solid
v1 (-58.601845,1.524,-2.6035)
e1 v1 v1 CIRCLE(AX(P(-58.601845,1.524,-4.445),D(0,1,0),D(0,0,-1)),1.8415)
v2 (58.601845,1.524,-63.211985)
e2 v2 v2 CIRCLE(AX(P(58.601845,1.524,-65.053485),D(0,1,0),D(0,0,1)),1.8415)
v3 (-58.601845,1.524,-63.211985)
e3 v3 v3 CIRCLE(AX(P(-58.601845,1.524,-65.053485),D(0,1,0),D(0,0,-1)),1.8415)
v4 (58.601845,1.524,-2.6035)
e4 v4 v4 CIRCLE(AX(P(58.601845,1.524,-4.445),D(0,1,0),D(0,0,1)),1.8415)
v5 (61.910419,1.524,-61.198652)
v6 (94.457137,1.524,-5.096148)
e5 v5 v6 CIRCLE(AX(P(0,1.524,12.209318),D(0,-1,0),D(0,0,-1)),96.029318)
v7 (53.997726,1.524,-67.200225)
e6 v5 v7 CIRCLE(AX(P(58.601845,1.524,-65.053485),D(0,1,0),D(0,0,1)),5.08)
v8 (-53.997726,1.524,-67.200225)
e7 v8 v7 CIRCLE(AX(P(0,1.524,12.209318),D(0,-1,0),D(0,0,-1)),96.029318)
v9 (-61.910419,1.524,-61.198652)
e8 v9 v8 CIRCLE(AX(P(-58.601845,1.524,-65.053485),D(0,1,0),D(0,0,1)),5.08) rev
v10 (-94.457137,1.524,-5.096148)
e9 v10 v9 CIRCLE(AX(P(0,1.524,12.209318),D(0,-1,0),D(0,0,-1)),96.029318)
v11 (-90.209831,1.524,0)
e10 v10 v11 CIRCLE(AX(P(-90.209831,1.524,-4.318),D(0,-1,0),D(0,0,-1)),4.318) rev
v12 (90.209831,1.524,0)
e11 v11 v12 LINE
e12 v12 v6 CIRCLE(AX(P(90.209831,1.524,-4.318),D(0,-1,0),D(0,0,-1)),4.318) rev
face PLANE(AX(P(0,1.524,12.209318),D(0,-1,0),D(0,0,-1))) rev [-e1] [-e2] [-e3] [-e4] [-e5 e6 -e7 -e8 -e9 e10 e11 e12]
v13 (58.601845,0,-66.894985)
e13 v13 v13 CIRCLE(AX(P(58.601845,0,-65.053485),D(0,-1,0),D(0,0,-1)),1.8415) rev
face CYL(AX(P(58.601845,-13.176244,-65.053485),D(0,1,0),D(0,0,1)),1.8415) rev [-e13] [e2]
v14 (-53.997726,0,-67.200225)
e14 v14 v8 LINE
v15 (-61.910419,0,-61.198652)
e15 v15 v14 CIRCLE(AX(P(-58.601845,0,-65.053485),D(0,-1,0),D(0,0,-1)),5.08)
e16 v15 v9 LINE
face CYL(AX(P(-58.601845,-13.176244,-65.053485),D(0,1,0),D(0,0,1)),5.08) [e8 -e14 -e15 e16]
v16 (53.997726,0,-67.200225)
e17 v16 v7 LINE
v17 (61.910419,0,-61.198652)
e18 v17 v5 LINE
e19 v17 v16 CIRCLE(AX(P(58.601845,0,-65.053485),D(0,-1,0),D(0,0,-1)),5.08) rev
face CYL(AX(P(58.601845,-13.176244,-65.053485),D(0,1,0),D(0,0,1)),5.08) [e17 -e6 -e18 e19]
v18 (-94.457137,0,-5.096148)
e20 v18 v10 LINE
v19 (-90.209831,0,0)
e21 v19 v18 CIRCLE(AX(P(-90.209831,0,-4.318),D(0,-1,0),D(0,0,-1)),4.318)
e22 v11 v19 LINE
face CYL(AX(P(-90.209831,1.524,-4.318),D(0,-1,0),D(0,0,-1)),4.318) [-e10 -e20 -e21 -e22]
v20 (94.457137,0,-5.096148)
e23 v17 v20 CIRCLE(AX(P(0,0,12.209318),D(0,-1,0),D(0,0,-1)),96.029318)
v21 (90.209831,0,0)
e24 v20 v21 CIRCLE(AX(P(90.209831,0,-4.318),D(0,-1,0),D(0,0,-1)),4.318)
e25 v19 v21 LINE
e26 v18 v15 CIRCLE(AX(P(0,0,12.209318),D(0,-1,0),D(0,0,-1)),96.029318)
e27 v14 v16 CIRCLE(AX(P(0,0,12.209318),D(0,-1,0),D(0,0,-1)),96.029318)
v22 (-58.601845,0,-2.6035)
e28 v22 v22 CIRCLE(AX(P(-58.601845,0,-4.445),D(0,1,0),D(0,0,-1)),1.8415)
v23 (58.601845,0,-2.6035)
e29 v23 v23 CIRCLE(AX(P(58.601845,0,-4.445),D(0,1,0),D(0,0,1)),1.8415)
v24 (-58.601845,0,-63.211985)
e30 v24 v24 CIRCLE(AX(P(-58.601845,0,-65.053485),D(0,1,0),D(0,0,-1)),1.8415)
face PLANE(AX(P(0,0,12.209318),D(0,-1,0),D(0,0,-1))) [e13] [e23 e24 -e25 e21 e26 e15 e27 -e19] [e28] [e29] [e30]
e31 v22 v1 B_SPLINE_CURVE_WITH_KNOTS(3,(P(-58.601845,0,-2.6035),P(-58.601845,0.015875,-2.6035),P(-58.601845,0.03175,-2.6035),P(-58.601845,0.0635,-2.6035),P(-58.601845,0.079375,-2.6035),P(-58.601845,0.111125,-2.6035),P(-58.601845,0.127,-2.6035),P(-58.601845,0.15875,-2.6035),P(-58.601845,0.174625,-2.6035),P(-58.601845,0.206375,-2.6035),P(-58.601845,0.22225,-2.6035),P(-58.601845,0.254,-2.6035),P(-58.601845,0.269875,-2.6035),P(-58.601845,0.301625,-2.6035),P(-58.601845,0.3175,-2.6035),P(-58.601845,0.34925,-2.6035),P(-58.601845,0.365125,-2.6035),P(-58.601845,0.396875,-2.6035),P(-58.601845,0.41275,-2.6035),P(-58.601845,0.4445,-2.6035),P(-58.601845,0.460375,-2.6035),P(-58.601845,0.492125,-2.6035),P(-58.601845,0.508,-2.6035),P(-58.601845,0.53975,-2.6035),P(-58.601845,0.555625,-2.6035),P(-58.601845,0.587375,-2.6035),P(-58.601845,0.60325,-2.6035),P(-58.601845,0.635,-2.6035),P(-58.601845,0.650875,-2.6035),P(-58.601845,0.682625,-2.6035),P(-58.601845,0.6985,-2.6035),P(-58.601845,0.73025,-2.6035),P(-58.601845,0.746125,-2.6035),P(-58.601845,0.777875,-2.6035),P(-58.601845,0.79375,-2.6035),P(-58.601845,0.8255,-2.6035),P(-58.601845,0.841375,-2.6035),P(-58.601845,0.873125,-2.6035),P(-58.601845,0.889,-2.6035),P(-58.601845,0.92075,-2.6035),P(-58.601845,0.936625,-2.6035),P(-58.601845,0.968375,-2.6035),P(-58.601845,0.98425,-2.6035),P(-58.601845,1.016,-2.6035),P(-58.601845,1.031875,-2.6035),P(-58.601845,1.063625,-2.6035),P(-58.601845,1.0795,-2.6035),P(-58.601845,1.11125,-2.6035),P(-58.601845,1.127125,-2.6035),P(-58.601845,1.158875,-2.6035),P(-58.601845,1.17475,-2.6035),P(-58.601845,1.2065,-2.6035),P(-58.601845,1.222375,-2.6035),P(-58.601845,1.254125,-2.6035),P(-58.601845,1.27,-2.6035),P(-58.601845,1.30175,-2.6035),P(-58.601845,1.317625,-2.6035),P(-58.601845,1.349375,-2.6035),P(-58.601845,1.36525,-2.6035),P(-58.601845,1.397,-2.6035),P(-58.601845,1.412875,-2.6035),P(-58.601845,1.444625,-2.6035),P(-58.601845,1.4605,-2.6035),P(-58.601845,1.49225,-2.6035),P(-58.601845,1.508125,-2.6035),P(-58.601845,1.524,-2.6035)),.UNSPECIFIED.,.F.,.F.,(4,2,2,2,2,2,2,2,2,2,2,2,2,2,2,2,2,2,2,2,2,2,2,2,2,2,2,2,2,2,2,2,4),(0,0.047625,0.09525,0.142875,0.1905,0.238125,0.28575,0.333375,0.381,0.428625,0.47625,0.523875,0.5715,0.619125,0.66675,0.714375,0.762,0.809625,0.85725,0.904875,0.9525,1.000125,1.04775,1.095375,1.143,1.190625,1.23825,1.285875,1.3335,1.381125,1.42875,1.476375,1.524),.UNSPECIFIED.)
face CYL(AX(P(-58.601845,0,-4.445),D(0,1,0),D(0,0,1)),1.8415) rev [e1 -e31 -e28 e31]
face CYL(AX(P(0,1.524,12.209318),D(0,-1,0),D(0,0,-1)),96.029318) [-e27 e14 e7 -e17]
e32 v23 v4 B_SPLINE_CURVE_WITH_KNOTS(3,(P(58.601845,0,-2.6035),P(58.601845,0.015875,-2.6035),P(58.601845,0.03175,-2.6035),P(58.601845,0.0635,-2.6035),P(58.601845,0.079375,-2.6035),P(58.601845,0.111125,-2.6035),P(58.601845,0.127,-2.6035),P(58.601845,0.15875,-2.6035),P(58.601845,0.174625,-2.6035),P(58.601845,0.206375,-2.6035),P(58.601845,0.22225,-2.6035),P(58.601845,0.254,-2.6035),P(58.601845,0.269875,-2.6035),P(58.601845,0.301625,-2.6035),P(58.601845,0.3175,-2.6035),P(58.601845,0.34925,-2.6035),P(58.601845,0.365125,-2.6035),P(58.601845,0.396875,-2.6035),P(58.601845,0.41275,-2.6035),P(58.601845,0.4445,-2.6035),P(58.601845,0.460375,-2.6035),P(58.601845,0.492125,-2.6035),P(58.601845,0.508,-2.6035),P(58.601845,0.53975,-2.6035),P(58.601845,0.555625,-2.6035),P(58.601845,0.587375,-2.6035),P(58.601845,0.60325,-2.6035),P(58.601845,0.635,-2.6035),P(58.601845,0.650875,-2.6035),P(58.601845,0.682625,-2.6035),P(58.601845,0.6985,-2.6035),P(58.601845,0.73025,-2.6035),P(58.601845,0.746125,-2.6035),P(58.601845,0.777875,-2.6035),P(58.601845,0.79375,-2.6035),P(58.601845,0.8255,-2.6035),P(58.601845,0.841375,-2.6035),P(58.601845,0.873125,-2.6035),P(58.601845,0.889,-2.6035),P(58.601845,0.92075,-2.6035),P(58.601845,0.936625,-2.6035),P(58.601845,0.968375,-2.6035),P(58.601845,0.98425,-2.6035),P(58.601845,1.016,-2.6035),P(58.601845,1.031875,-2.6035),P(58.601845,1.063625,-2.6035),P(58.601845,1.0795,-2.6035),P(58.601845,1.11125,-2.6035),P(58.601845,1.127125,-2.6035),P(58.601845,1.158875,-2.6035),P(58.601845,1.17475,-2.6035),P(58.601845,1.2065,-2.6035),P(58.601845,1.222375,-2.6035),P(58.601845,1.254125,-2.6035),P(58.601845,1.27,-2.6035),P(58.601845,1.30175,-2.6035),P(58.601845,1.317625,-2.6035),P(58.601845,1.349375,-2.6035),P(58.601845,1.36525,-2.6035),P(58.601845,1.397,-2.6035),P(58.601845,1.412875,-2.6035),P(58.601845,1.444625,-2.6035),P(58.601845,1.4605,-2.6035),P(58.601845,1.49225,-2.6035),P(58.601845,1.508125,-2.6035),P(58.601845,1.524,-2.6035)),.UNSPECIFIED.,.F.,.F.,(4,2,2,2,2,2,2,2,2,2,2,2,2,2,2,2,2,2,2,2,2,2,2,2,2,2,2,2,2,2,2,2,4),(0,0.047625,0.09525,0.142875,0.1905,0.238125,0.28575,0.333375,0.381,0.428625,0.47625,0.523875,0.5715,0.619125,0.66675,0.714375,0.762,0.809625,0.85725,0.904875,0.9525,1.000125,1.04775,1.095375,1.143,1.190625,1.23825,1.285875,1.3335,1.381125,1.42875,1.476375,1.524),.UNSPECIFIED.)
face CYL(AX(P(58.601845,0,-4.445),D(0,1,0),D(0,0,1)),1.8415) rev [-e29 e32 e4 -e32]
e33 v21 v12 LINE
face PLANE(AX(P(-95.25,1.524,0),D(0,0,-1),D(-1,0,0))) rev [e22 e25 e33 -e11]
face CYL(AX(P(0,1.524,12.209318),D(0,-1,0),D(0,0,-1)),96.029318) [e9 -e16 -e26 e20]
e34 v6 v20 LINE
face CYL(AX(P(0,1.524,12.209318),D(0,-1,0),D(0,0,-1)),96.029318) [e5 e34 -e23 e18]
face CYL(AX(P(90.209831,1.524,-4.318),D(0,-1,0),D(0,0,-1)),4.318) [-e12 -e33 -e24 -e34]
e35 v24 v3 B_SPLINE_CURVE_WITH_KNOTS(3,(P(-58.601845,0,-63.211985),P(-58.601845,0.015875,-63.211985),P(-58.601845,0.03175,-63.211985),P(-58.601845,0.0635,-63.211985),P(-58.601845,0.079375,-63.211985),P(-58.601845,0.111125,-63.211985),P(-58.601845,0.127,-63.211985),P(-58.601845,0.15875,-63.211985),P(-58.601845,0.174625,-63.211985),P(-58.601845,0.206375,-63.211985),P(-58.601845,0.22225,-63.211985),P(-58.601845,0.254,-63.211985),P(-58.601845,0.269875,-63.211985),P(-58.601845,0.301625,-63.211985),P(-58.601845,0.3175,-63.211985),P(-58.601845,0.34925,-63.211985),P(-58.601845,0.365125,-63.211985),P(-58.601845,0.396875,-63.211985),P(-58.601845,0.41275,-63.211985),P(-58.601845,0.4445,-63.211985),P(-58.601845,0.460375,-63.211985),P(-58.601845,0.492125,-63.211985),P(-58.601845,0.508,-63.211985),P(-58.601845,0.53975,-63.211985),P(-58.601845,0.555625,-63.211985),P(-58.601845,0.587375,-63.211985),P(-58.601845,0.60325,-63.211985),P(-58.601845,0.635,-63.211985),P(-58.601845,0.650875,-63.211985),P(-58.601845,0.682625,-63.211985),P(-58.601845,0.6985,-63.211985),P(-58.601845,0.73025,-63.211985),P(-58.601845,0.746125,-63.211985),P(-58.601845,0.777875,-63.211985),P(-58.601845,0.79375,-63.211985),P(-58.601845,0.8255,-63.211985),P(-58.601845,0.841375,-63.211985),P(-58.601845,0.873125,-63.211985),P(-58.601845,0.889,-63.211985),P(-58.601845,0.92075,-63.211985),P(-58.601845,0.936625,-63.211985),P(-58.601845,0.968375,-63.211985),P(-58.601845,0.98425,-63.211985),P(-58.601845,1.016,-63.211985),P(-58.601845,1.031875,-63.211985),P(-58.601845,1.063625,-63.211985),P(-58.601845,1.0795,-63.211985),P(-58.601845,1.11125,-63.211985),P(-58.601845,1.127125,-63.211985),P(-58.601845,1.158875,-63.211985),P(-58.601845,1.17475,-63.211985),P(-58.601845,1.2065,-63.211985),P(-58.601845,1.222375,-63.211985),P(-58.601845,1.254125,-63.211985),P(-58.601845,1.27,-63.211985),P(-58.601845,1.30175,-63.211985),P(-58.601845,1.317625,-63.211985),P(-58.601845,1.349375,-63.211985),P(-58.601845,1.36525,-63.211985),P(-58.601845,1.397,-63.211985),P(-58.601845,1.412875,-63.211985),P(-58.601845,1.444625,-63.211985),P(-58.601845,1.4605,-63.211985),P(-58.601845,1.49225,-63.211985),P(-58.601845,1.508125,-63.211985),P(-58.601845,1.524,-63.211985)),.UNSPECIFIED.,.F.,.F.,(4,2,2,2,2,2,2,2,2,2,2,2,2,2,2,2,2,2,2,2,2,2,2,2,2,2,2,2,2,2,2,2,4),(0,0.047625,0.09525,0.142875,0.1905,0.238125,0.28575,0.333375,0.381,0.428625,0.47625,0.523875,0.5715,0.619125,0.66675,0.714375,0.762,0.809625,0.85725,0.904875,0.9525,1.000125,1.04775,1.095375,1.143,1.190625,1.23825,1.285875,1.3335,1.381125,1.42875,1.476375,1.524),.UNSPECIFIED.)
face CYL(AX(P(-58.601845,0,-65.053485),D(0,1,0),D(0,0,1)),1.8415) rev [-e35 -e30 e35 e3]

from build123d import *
from build123d.topology import SkipClean

# Parameters (mm, degrees)
BOSS_EXTRU_1_DEPTH      = 1.524
CONG_1_R                = 4.318
BOSS_EXTRU_3_START      = -1.524
BOSS_EXTRU_3_DEPTH      = 1.524
ESQUISSE3_R             = 1.8415
ENL_V_MAT_EXTRU_1_DEPTH = 127.347243097


with BuildPart() as part:
    # Esquisse1 → Boss.-Extru.1 (new body)
    with BuildSketch(Plane(origin=(0, 0, 0), x_dir=(1, 0, 0), z_dir=(0, 1, 0))):
        with BuildLine():
            Line((-95.25, 0), (95.25, 0))
            ThreePointArc((95.25, 0), (0, 83.82), (-95.25, 0))
        make_face()
    extrude(amount=BOSS_EXTRU_1_DEPTH)

    # Congé1
    cong_1_edges = [part.edges().sort_by_distance(p)[0] for p in [
        (-95.25, 0.762, 0),
        (95.25, 0.762, 0),
    ]]
    fillet(cong_1_edges, radius=CONG_1_R)

    # Esquisse2 → Boss.-Extru.3 (add)
    with BuildSketch(Plane(origin=(0, 1.524, 0), x_dir=(1, 0, 0), z_dir=(0, 1, 0)).offset(BOSS_EXTRU_3_START)):
        with BuildLine():
            ThreePointArc((61.910418509, 61.198651621), (61.671752387, 69.100962488), (53.997726446, 67.200224627))
            ThreePointArc((53.997726446, 67.200224627), (55.392549752, 66.233625302), (56.770074378, 65.24252883))
            ThreePointArc((56.770074378, 65.24252883), (59.71468664, 66.520695851), (59.277757535, 63.340515783))
            ThreePointArc((59.277757535, 63.340515783), (60.60355104, 62.281215121), (61.910418509, 61.198651621))
        make_face()
        with BuildLine():
            ThreePointArc((-53.997726446, 67.200224627), (-61.671752387, 69.100962488), (-61.910418509, 61.198651621))
            ThreePointArc((-61.910418509, 61.198651621), (-58.031708887, 64.301796789), (-53.997726446, 67.200224627))
        make_face()
    extrude(amount=BOSS_EXTRU_3_DEPTH)

    # Esquisse3 → Enlèv. mat.-Extru.1 (cut, through all)
    with SkipClean():  # the faces are left unmerged after this step: merging them gives an invalid solid
        with BuildSketch(Plane(origin=(0, 1.524, 0), x_dir=(1, 0, 0), z_dir=(0, 1, 0))):
            with Locations(Location((58.601845334, 65.053485411, 0), (0, 0, 270))):
                Circle(ESQUISSE3_R)
            with Locations(Location((-58.601845334, 65.053485411, 0), (0, 0, 270))):
                Circle(ESQUISSE3_R)
            with Locations(Location((58.601845334, 4.445, 0), (0, 0, 270))):
                Circle(ESQUISSE3_R)
            with Locations(Location((-58.601845334, 4.445, 0), (0, 0, 270))):
                Circle(ESQUISSE3_R)
        extrude(amount=-ENL_V_MAT_EXTRU_1_DEPTH, mode=Mode.SUBTRACT)


solid = part.part
